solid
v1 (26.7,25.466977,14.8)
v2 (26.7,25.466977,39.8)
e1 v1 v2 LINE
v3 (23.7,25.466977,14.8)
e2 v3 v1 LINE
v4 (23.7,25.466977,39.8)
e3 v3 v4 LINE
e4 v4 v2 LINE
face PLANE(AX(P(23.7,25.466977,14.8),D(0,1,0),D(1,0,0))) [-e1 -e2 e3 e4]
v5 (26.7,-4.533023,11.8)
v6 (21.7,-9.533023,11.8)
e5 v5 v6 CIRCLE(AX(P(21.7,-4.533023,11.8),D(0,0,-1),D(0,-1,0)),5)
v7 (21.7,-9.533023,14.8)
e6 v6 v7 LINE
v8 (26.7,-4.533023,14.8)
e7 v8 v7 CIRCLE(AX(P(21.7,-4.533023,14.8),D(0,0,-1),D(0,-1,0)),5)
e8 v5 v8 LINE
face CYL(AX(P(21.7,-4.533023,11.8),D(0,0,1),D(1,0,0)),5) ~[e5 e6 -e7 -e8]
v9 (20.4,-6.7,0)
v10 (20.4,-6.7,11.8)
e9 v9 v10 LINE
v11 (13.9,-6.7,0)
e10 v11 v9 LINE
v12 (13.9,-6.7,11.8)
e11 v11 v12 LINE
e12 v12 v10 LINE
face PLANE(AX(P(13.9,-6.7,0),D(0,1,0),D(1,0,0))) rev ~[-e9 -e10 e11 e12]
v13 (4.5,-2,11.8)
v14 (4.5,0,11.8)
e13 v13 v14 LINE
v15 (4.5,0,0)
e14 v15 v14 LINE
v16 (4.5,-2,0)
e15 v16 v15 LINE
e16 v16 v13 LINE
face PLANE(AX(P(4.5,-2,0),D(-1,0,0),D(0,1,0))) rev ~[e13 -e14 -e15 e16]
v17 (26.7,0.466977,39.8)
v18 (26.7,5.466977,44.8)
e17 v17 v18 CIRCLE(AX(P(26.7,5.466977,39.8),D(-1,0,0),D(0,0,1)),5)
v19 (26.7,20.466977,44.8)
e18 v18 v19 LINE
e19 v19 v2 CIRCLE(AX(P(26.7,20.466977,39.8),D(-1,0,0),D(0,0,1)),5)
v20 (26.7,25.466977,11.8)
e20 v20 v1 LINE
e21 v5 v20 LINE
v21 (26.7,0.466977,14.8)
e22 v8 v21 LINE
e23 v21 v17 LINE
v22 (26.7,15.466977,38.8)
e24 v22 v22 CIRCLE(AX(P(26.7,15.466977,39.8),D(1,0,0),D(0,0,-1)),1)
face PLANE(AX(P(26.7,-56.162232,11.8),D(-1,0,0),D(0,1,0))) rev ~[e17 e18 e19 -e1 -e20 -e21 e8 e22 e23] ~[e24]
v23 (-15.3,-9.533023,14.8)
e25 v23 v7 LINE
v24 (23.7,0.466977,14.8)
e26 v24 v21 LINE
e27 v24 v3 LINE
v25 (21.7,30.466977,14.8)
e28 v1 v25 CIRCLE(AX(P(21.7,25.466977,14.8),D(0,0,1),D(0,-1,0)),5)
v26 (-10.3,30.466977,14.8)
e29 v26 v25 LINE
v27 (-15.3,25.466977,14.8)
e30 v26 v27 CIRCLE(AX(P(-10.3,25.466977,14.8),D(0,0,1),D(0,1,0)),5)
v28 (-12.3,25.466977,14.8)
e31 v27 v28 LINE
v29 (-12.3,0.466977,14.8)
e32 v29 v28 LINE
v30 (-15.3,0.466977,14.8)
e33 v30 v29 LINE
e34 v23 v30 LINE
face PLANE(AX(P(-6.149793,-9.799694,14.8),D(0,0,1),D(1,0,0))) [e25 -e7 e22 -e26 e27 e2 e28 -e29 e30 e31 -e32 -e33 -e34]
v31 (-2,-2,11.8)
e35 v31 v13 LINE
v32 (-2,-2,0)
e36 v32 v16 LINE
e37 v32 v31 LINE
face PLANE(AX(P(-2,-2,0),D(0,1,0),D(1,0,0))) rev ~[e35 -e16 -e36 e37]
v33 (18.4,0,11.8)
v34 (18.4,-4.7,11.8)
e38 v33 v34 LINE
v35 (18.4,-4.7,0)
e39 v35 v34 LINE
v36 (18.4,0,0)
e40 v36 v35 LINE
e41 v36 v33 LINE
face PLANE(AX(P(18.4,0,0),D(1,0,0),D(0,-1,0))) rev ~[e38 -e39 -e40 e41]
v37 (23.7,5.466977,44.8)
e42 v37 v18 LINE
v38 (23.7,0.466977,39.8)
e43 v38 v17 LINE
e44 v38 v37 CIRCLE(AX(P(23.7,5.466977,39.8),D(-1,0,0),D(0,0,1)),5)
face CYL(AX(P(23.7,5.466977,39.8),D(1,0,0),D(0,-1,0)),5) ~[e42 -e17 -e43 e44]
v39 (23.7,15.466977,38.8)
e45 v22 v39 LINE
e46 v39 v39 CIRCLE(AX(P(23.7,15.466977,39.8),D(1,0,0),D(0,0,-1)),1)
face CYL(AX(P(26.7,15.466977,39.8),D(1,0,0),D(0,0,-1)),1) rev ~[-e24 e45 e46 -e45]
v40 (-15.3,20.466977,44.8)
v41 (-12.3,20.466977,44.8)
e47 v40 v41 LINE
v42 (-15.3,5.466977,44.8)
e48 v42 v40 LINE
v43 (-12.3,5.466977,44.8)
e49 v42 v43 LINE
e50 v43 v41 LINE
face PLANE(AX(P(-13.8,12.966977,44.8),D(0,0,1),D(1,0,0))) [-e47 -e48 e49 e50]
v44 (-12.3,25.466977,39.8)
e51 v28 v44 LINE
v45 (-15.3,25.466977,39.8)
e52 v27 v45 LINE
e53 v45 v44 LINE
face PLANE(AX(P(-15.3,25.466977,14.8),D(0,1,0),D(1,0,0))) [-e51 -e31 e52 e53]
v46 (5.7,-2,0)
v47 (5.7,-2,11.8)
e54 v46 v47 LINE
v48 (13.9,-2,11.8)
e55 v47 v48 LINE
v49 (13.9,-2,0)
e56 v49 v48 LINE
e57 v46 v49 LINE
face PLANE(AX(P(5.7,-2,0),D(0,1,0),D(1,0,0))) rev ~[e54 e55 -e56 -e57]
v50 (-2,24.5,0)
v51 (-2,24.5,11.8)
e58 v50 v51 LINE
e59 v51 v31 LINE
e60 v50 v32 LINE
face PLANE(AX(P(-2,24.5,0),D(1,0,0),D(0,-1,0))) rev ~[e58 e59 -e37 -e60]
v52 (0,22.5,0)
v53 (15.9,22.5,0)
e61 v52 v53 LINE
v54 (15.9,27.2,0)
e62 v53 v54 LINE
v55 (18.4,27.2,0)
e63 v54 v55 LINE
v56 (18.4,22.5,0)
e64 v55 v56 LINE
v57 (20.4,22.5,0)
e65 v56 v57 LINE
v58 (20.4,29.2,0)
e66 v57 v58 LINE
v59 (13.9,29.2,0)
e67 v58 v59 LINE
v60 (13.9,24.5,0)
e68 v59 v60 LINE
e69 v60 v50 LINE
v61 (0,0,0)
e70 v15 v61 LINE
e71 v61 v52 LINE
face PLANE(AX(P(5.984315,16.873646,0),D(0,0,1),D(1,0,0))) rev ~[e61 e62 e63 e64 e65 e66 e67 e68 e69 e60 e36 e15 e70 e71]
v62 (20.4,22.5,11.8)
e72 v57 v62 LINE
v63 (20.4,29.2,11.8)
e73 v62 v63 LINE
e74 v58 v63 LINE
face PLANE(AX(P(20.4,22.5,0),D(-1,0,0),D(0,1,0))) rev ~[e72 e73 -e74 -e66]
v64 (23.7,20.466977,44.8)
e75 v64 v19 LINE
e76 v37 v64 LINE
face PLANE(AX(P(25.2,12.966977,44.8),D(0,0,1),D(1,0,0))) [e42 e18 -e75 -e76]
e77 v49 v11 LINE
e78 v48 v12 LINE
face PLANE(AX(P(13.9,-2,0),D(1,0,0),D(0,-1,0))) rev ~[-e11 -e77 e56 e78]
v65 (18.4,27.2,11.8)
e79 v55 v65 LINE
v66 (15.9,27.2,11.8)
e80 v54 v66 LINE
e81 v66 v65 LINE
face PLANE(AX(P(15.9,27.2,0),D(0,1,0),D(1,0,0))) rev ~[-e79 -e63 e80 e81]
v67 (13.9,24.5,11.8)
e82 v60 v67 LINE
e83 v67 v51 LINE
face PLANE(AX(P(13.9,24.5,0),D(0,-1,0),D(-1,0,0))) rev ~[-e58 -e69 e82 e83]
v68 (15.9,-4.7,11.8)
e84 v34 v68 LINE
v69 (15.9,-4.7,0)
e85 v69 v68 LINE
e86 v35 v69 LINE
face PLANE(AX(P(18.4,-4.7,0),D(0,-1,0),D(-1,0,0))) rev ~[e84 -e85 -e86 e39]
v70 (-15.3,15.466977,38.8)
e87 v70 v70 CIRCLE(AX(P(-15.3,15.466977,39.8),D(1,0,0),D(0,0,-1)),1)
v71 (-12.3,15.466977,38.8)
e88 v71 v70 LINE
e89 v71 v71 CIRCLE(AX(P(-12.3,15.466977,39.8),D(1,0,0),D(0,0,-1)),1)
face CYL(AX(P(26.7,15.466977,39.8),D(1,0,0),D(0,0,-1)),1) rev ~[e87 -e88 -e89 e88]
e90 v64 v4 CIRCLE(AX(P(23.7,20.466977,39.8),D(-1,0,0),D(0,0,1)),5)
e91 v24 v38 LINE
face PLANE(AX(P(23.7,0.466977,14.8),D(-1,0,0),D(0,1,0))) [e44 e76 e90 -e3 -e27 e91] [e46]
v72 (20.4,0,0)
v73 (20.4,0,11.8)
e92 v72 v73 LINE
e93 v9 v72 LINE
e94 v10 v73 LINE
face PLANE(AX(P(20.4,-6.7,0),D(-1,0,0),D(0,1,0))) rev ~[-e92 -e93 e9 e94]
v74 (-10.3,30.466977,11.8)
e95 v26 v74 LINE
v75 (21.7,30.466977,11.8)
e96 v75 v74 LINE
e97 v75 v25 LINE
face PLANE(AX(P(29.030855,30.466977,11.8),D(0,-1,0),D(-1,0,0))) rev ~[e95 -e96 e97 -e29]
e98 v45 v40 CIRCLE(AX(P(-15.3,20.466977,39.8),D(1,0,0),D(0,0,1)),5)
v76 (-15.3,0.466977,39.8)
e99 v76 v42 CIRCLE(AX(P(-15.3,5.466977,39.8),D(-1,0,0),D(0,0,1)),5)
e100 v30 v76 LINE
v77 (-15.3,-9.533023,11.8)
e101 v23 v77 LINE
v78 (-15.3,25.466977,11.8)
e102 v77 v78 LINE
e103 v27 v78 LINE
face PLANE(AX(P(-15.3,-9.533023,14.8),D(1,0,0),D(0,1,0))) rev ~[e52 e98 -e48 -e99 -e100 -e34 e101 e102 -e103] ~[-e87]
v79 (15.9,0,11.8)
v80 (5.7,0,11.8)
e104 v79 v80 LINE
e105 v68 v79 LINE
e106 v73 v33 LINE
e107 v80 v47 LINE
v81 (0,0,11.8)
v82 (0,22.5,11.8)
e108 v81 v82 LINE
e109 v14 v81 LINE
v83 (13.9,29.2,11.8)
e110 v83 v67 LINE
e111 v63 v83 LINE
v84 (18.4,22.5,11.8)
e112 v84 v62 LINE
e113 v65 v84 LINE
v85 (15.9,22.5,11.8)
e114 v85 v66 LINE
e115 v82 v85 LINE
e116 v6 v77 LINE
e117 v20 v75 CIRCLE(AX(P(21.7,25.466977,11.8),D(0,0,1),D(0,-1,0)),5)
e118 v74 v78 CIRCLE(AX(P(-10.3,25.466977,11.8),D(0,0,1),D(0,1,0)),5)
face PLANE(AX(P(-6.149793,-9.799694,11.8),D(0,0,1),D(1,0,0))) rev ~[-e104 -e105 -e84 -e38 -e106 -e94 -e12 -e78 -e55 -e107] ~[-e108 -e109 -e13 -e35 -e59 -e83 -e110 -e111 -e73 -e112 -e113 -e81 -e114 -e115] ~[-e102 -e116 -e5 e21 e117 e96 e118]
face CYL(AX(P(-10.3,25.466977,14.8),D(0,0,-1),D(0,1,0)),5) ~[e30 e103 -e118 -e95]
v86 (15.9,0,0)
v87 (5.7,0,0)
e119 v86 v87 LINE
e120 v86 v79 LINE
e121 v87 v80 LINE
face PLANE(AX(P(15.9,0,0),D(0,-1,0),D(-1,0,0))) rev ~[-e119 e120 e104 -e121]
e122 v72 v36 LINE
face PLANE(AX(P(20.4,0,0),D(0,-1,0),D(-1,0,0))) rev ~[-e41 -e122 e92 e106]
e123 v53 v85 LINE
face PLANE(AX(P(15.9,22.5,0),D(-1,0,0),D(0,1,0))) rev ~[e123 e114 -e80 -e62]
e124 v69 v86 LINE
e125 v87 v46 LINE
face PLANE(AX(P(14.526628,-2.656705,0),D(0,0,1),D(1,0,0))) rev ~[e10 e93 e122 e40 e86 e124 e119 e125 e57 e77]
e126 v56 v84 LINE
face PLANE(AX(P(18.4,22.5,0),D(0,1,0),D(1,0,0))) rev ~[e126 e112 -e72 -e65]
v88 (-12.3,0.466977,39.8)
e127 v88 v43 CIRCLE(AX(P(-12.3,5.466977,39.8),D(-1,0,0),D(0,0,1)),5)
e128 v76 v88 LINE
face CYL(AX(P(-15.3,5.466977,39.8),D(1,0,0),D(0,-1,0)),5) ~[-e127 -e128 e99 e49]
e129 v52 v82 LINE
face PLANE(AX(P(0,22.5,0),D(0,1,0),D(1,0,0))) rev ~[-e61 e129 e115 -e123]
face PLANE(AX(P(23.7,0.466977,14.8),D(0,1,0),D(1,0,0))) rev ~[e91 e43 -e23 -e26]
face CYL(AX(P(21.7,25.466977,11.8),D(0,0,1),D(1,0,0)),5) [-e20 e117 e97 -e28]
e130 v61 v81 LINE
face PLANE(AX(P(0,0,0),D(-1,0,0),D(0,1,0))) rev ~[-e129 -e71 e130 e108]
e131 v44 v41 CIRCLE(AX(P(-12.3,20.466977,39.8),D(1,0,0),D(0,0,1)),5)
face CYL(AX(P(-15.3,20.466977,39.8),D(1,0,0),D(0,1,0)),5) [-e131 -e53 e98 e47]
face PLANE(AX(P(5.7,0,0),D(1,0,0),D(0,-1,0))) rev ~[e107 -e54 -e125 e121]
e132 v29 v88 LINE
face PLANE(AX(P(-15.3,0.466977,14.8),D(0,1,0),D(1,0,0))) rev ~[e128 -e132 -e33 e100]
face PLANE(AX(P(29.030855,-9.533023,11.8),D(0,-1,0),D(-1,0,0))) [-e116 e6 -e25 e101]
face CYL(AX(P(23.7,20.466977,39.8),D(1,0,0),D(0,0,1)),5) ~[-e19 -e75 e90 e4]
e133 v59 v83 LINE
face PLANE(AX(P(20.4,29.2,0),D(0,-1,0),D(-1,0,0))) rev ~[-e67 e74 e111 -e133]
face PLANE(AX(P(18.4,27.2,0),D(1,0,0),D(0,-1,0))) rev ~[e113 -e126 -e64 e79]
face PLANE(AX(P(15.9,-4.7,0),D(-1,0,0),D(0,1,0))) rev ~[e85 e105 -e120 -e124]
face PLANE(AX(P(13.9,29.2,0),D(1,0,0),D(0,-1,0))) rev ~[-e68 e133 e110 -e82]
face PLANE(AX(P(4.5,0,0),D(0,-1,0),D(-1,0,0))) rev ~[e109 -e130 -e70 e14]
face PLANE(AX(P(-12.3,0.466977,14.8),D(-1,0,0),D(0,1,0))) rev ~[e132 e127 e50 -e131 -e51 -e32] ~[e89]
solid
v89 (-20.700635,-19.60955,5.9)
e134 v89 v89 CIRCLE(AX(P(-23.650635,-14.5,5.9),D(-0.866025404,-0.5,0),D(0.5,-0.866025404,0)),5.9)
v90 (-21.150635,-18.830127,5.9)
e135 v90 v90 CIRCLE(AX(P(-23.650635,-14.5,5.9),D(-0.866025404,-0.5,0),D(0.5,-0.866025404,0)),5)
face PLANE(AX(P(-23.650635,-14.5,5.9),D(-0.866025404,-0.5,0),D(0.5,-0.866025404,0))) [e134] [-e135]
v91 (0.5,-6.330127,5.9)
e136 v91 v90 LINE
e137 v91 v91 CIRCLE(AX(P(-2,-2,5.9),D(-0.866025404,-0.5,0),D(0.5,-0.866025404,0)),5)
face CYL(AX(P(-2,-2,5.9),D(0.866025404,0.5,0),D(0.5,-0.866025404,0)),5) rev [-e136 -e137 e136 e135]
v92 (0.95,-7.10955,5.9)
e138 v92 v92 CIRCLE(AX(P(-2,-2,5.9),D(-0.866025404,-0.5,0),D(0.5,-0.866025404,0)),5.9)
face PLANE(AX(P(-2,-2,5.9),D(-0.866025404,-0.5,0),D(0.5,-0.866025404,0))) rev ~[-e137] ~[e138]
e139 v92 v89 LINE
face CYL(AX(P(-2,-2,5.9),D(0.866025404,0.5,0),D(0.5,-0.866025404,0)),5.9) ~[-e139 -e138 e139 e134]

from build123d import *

# Parameters (mm, degrees)
BOSS_EXTRUDE1_DEPTH   = 11.8
BOSS_EXTRUDE1_2_DEPTH = 11.8
BOSS_EXTRUDE2_DEPTH   = 3
SKETCH3_W             = 3
SKETCH3_H             = 25
BOSS_EXTRUDE3_DEPTH   = 30
SKETCH4_R             = 1
CUT_EXTRUDE1_DEPTH    = 53
FILLET1_R             = 5
SKETCH6_R             = 5.9
SKETCH6_R_2           = 5
BOSS_EXTRUDE7_DEPTH   = 25
SKETCH8_W             = 71.563779341
SKETCH8_H             = 7.879641764
SKETCH8_H_2           = 53.845835152
CUT_EXTRUDE2_DEPTH    = 25
SKETCH9_W             = 23.699586064
SKETCH9_H             = 40
CUT_EXTRUDE3_DEPTH    = 3
FILLET2_R             = 5


with BuildPart() as part:
    # Sketch1 → Boss-Extrude1 (new body)
    with BuildSketch(Plane.XY):
        Polygon((4.5, 0), (0, 0), (0, 22.5), (15.9, 22.5), (15.9, 27.2), (18.4, 27.2), (18.4, 22.5), (20.4, 22.5), (20.4, 24.5), (20.4, 29.2), (13.9, 29.2), (13.9, 24.5), (-2, 24.5), (-2, -2), (4.5, -2), align=None)
    extrude(amount=BOSS_EXTRUDE1_DEPTH)



with BuildPart() as body_2:
    # Sketch1 → Boss-Extrude1 2 (new body)
    with BuildSketch(Plane.XY):
        Polygon((20.4, -2), (20.4, 0), (18.4, 0), (18.4, -4.7), (15.9, -4.7), (15.9, 0), (5.7, 0), (5.7, -2), (13.9, -2), (13.9, -6.7), (20.4, -6.7), align=None)
    extrude(amount=BOSS_EXTRUDE1_2_DEPTH)


with BuildPart() as part_1:
    add(part.part)

    add(body_2.part)  # Boss-Extrude2 merges body 2
    # Sketch2 → Boss-Extrude2 (add)
    # profile 1 of 2: a face of its own
    with BuildSketch(Plane.XY.offset(11.8)):
        Polygon((26.7, -11.773069414), (26.7, 36.562844017), (-38.999586064, 36.562844017), (-38.999586064, -56.162231559), (26.7, -56.162231559), align=None)
        Polygon((4.5, -2), (-2, -2), (-2, 24.5), (13.9, 24.5), (13.9, 29.2), (20.4, 29.2), (20.4, 22.5), (18.4, 22.5), (18.4, 27.2), (15.9, 27.2), (15.9, 22.5), (0, 22.5), (0, 0), (4.5, 0), align=None, mode=Mode.SUBTRACT)
    # profile 2 of 2: a face of its own
    with BuildSketch(Plane.XY.offset(11.8)):
        Polygon((-2, 24.5), (-2, -2), (4.5, -2), (4.5, 0), (0, 0), (0, 22.5), (15.9, 22.5), (15.9, 27.2), (18.4, 27.2), (18.4, 22.5), (20.4, 22.5), (20.4, 29.2), (13.9, 29.2), (13.9, 24.5), align=None)
    extrude(amount=BOSS_EXTRUDE2_DEPTH)

    # Sketch3 → Boss-Extrude3 (add)
    with BuildSketch(Plane.XY.offset(14.8)):
        with Locations((-13.8, 12.966976744)):
            Rectangle(SKETCH3_W, SKETCH3_H)
        with Locations((25.2, 12.966976744)):
            Rectangle(SKETCH3_W, SKETCH3_H)
    extrude(amount=BOSS_EXTRUDE3_DEPTH)

    # Sketch4 → Cut-Extrude1 (cut)
    with BuildSketch(Plane(origin=(26.7, 0, 0), x_dir=(0, 0, -1), z_dir=(1, 0, 0))):
        with Locations((-39.8, 15.466976744)):
            Circle(SKETCH4_R)
    extrude(amount=-CUT_EXTRUDE1_DEPTH, mode=Mode.SUBTRACT)

    # Fillet1
    fillet1_edges = [part_1.edges().sort_by_distance(p)[0] for p in [
        (-13.8, 25.466976744, 44.8),
        (-13.8, 0.466976744, 44.8),
        (25.2, 0.466976744, 44.8),
        (25.2, 25.466976744, 44.8),
    ]]
    fillet(fillet1_edges, radius=FILLET1_R)

    # Sketch8 → Cut-Extrude2 (cut)
    with BuildSketch(Plane(origin=(0, 0, 11.8), x_dir=(-1, 0, 0), z_dir=(0, 0, -1))):
        with Locations((6.751034935, 34.406797626)):
            Rectangle(SKETCH8_W, SKETCH8_H)
        with Locations((6.751034935, -36.455940832)):
            Rectangle(SKETCH8_W, SKETCH8_H_2)
    extrude(amount=-CUT_EXTRUDE2_DEPTH, mode=Mode.SUBTRACT)

    # Sketch9 → Cut-Extrude3 (cut)
    with BuildSketch(Plane.XY.offset(14.8)):
        with Locations((-27.149793032, 10.466976744)):
            Rectangle(SKETCH9_W, SKETCH9_H)
    extrude(amount=-CUT_EXTRUDE3_DEPTH, mode=Mode.SUBTRACT)

    # Fillet2
    fillet2_edges = [part_1.edges().sort_by_distance(p)[0] for p in [
        (26.7, -9.533023256, 13.3),
        (26.7, 30.466976744, 13.3),
        (-15.3, 30.466976744, 13.3),
    ]]
    fillet(fillet2_edges, radius=FILLET2_R)


with BuildPart() as body_2_2:
    # Sketch6 → Boss-Extrude7 (new body)
    with BuildSketch(Plane(origin=(-2.366025404, -1.366025404, 0), x_dir=(0, 0, 1), z_dir=(-0.866025403784438, -0.5000000000000012, 0))):
        with Locations(Location((5.9, -0.732050808, 0), (0, 0, 270))):
            Circle(SKETCH6_R)
        with Locations(Location((5.9, -0.732050808, 0), (0, 0, 270))):
            Circle(SKETCH6_R_2, mode=Mode.SUBTRACT)
    extrude(amount=BOSS_EXTRUDE7_DEPTH)


solid = Compound([part_1.part, body_2_2.part])
